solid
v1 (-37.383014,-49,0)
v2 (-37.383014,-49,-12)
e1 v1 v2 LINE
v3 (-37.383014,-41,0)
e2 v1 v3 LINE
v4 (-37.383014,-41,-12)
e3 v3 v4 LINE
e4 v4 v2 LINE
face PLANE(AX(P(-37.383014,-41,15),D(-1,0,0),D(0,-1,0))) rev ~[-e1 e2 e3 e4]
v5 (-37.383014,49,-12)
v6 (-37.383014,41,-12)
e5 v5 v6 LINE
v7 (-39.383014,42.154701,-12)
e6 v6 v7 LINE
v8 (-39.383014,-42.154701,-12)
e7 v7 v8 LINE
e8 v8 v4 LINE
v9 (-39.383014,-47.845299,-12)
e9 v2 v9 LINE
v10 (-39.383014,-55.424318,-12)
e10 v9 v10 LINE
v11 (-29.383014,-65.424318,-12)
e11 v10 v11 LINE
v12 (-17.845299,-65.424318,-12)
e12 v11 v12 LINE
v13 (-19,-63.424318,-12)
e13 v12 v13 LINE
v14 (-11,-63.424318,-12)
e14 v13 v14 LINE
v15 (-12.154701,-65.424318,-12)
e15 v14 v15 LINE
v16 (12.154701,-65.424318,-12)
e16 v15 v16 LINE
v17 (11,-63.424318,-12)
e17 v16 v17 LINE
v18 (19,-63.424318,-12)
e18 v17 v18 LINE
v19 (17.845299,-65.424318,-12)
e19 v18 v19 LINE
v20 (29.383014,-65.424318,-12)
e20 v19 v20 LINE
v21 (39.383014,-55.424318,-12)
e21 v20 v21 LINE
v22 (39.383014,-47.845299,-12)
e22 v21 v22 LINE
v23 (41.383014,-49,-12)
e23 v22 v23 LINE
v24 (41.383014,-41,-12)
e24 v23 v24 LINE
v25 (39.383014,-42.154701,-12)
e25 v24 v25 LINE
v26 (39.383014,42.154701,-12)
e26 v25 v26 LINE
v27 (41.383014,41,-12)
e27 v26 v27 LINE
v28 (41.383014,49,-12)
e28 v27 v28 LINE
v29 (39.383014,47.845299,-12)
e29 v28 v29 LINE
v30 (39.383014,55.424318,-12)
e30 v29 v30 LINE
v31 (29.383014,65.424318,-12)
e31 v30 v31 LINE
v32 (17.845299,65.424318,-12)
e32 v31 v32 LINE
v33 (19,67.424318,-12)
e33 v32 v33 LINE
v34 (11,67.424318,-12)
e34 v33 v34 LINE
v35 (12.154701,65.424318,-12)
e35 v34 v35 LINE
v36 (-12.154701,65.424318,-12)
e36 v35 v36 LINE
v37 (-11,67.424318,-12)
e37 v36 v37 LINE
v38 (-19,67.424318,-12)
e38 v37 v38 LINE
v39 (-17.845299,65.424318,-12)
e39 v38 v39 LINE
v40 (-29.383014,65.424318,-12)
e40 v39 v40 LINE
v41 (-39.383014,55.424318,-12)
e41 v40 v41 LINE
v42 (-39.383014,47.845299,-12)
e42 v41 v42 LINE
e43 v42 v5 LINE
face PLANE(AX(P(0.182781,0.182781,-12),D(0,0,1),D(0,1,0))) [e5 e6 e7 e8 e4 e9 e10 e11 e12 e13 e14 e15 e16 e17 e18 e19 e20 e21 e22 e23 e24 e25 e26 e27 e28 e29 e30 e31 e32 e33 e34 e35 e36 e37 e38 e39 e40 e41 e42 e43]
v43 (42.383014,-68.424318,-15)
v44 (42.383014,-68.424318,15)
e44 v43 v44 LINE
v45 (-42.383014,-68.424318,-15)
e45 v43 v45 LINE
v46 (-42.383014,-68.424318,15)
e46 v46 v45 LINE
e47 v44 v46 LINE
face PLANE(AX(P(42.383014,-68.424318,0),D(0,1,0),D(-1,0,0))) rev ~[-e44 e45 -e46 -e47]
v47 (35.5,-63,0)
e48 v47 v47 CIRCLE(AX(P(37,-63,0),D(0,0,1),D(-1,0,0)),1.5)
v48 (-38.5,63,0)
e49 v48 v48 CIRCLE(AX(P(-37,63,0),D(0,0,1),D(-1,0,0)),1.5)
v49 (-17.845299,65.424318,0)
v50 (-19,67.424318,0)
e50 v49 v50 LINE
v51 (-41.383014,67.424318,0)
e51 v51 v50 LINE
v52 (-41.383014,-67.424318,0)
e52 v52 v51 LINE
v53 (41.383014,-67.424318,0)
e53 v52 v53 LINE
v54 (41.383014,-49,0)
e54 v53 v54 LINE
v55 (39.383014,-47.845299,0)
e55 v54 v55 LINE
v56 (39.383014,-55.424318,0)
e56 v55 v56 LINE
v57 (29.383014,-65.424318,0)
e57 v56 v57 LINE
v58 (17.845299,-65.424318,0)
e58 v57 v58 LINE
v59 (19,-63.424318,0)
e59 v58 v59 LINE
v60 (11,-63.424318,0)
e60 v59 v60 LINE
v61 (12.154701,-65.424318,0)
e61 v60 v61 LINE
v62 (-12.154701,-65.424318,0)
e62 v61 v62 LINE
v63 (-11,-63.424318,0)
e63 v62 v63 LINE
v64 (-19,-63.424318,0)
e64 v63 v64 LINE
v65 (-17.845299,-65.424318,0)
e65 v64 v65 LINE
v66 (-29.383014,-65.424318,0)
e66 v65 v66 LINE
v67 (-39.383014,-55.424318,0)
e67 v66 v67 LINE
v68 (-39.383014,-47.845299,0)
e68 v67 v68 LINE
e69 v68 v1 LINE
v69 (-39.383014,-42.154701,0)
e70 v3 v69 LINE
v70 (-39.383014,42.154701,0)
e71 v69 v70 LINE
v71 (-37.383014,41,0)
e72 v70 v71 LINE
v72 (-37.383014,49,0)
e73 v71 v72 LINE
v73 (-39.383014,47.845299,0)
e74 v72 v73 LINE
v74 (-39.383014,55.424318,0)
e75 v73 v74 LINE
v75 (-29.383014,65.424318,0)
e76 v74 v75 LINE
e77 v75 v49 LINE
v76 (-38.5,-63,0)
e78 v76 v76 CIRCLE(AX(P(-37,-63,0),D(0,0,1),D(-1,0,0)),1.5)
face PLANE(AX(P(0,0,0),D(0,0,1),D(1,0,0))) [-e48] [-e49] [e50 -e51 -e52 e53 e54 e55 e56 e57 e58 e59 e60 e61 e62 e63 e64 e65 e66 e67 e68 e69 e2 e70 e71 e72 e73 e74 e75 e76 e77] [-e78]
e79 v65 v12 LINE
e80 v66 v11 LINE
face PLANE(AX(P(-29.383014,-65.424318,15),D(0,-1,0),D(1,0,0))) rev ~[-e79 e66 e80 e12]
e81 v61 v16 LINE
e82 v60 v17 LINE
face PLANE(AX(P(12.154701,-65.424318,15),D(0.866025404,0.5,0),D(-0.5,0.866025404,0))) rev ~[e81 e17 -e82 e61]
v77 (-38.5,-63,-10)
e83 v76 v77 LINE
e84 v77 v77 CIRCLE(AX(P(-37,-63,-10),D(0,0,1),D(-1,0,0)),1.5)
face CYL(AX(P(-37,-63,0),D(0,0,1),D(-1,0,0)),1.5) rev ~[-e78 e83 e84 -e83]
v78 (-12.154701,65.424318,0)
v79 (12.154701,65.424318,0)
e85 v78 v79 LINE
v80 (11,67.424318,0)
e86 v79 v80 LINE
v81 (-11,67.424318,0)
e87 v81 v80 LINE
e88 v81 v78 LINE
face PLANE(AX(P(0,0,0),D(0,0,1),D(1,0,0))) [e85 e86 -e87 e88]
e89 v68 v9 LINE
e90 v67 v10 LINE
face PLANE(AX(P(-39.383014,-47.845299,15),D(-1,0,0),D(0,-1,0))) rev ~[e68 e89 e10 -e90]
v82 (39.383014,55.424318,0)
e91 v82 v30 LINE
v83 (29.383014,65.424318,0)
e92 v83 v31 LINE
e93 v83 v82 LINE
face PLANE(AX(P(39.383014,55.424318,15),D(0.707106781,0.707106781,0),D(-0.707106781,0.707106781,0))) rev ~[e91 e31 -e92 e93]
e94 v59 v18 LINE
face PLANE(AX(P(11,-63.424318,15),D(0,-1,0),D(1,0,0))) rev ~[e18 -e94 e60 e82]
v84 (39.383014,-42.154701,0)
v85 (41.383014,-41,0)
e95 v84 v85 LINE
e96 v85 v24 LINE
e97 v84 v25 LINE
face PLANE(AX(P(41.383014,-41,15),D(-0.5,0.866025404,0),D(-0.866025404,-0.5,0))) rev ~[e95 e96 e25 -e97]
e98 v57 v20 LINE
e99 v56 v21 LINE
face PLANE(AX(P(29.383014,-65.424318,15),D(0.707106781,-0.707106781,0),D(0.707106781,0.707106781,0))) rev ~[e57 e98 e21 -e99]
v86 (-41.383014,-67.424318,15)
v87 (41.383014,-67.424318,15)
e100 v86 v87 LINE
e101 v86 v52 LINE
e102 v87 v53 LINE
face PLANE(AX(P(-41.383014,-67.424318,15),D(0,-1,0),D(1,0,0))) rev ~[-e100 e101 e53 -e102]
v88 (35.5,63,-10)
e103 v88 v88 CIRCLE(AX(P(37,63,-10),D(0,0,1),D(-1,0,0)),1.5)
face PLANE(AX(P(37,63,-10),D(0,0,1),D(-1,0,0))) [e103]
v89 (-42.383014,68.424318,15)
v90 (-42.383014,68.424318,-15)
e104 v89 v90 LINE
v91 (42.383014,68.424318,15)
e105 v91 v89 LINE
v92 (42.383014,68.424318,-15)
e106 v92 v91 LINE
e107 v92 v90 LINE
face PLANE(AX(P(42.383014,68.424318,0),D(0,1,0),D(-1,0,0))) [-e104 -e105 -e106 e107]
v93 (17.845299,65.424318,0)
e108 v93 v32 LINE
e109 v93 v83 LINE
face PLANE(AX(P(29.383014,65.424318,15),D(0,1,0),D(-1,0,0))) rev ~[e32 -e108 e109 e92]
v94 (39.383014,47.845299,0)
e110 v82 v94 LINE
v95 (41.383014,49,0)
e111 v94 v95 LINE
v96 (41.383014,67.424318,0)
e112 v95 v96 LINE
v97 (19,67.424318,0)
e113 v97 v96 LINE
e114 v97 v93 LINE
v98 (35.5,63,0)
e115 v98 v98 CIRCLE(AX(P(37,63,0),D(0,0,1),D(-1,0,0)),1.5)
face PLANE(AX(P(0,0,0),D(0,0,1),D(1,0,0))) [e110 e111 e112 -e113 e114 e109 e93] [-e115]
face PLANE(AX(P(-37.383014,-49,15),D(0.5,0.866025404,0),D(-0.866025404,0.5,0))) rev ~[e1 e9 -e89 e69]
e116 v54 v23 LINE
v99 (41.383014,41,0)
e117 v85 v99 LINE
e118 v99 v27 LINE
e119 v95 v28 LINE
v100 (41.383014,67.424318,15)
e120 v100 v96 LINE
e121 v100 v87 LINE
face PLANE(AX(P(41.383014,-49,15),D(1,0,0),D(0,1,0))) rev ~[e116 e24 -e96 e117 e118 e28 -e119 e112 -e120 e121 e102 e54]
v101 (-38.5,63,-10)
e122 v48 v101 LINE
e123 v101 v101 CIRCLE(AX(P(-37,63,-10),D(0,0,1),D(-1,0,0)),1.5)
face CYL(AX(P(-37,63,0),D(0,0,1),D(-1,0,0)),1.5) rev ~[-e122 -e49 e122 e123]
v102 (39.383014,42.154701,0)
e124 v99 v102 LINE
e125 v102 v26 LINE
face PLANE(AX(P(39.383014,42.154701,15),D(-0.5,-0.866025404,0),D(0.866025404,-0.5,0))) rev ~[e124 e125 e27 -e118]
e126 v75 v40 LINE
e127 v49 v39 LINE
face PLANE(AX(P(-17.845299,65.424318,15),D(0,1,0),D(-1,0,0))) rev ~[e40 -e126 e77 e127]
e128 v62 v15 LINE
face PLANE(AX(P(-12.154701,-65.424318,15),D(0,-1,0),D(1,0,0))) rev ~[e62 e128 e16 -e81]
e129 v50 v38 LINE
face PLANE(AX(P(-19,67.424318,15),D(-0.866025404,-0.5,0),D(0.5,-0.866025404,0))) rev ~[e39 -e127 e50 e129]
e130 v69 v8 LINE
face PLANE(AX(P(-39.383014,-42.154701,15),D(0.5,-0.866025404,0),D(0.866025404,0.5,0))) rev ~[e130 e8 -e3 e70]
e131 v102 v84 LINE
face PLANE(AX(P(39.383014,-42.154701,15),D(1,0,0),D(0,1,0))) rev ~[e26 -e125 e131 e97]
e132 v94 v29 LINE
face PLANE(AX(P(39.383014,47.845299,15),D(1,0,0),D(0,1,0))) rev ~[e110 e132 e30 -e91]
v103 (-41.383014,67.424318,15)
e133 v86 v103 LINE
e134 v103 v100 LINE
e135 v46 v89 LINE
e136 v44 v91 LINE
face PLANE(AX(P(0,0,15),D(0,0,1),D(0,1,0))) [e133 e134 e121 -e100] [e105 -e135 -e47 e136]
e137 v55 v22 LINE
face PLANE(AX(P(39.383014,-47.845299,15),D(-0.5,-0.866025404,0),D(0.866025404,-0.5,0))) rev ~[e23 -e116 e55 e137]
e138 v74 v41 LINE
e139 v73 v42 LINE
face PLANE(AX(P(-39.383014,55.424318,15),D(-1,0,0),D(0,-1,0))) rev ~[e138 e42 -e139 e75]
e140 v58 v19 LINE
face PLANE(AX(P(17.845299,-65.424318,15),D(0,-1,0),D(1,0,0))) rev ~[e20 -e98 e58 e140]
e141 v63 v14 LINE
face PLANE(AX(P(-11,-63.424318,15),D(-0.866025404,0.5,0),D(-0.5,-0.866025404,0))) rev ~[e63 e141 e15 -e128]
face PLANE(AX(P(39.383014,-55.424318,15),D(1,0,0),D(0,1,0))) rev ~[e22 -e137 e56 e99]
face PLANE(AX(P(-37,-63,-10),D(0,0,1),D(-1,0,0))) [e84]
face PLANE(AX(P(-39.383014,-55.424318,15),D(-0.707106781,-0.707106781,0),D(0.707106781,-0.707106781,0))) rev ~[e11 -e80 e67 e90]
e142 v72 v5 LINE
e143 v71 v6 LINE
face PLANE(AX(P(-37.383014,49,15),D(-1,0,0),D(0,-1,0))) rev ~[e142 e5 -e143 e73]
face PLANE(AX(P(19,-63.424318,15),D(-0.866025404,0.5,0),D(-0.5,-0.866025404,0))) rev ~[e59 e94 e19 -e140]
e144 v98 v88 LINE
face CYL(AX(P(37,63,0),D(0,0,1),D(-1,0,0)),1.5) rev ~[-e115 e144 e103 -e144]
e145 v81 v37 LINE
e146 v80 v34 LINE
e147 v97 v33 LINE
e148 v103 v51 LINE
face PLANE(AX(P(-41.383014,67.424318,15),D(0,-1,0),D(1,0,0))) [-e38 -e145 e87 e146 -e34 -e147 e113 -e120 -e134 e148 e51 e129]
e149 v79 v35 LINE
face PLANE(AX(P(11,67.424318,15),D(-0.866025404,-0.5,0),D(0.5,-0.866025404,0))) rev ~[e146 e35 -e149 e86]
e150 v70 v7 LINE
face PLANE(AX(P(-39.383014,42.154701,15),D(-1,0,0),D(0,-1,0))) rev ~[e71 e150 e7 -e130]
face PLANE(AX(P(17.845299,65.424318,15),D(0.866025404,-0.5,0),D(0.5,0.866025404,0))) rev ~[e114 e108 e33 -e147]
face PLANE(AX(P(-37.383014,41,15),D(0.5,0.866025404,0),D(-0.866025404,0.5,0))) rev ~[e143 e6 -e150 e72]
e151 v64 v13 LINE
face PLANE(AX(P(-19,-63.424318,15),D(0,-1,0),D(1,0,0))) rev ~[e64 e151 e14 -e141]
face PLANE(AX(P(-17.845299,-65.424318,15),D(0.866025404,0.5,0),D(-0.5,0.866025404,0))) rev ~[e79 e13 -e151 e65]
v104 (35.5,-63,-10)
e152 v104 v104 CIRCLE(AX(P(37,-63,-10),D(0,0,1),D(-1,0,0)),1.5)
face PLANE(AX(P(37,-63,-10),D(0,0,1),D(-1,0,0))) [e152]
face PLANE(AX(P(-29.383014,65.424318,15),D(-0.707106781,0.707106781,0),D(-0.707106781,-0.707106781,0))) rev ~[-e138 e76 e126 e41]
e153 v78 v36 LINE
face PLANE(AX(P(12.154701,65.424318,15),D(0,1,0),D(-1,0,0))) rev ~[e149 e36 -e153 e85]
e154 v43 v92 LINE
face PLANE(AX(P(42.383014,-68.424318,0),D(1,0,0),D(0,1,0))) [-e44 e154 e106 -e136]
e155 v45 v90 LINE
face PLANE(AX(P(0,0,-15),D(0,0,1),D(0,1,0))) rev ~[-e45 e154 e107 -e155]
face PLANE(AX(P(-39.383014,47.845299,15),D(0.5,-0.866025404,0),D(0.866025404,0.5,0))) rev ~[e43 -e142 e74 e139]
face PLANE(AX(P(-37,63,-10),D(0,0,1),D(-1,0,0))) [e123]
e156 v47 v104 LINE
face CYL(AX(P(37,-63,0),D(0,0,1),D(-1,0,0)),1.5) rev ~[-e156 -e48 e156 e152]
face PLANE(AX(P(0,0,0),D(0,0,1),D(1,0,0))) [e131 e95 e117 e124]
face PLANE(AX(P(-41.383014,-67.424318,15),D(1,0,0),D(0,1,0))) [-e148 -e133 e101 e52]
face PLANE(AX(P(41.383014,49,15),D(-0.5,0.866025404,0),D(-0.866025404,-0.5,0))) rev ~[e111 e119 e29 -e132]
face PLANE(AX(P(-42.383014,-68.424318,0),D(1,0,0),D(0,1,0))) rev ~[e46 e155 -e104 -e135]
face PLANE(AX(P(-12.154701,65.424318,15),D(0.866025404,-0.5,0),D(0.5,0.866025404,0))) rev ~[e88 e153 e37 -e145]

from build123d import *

# Parameters (mm, degrees)
CROQUIS2_W              = 136.848636308
CROQUIS2_H              = 84.76602742
SALIENTE_EXTRUIR1_DEPTH = 15
CORTAR_EXTRUIR1_START   = 15
CORTAR_EXTRUIR1_DEPTH   = 27
CROQUIS4_W              = 82.76602742
CROQUIS4_H              = 134.848636308
CORTAR_EXTRUIR2_DEPTH   = 15
CROQUIS6_R              = 1.5
CORTAR_EXTRUIR3_DEPTH   = 10


with BuildPart() as part:
    # Croquis2 → Saliente-Extruir1 (new, symmetric)
    with BuildSketch(Plane(origin=(0, 0, 0), x_dir=(0, 1, 0), z_dir=(0, 0, 1))):
        Rectangle(CROQUIS2_W, CROQUIS2_H)
    extrude(amount=SALIENTE_EXTRUIR1_DEPTH, both=True)

    # Croquis3 → Cortar-Extruir1 (cut)
    with BuildSketch(Plane(origin=(0, 0, 0), x_dir=(0, 1, 0), z_dir=(0, 0, 1)).offset(CORTAR_EXTRUIR1_START)):
        Polygon((-55.424318154, -39.38301371), (-47.845299462, -39.38301371), (-49, -41.38301371), (-41, -41.38301371), (-42.154700538, -39.38301371), (42.154700538, -39.38301371), (41, -41.38301371), (49, -41.38301371), (47.845299462, -39.38301371), (55.424318154, -39.38301371), (65.424318154, -29.38301371), (65.424318154, -17.845299462), (67.424318154, -19), (67.424318154, -11), (65.424318154, -12.154700538), (65.424318154, 12.154700538), (67.424318154, 11), (67.424318154, 19), (65.424318154, 17.845299462), (65.424318154, 29.38301371), (55.424318154, 39.38301371), (47.845299462, 39.38301371), (49, 37.38301371), (41, 37.38301371), (42.154700538, 39.38301371), (-42.154700538, 39.38301371), (-41, 37.38301371), (-49, 37.38301371), (-47.845299462, 39.38301371), (-55.424318154, 39.38301371), (-65.424318154, 29.38301371), (-65.424318154, 17.845299462), (-63.424318154, 19), (-63.424318154, 11), (-65.424318154, 12.154700538), (-65.424318154, -12.154700538), (-63.424318154, -11), (-63.424318154, -19), (-65.424318154, -17.845299462), (-65.424318154, -29.38301371), align=None)
    extrude(amount=-CORTAR_EXTRUIR1_DEPTH, mode=Mode.SUBTRACT)

    # Croquis4 → Cortar-Extruir2 (cut)
    with BuildSketch(Plane.XY.offset(15)):
        Rectangle(CROQUIS4_W, CROQUIS4_H)
    extrude(amount=-CORTAR_EXTRUIR2_DEPTH, mode=Mode.SUBTRACT)

    # Croquis6 → Cortar-Extruir3 (cut)
    with BuildSketch(Plane.XY):
        with Locations(Location((-37, 63, 0), (0, 0, 180))):
            Circle(CROQUIS6_R)
        with Locations(Location((37, 63, 0), (0, 0, 180))):
            Circle(CROQUIS6_R)
        with Locations(Location((37, -63, 0), (0, 0, 180))):
            Circle(CROQUIS6_R)
        with Locations(Location((-37, -63, 0), (0, 0, 180))):
            Circle(CROQUIS6_R)
    extrude(amount=-CORTAR_EXTRUIR3_DEPTH, mode=Mode.SUBTRACT)


solid = part.part
